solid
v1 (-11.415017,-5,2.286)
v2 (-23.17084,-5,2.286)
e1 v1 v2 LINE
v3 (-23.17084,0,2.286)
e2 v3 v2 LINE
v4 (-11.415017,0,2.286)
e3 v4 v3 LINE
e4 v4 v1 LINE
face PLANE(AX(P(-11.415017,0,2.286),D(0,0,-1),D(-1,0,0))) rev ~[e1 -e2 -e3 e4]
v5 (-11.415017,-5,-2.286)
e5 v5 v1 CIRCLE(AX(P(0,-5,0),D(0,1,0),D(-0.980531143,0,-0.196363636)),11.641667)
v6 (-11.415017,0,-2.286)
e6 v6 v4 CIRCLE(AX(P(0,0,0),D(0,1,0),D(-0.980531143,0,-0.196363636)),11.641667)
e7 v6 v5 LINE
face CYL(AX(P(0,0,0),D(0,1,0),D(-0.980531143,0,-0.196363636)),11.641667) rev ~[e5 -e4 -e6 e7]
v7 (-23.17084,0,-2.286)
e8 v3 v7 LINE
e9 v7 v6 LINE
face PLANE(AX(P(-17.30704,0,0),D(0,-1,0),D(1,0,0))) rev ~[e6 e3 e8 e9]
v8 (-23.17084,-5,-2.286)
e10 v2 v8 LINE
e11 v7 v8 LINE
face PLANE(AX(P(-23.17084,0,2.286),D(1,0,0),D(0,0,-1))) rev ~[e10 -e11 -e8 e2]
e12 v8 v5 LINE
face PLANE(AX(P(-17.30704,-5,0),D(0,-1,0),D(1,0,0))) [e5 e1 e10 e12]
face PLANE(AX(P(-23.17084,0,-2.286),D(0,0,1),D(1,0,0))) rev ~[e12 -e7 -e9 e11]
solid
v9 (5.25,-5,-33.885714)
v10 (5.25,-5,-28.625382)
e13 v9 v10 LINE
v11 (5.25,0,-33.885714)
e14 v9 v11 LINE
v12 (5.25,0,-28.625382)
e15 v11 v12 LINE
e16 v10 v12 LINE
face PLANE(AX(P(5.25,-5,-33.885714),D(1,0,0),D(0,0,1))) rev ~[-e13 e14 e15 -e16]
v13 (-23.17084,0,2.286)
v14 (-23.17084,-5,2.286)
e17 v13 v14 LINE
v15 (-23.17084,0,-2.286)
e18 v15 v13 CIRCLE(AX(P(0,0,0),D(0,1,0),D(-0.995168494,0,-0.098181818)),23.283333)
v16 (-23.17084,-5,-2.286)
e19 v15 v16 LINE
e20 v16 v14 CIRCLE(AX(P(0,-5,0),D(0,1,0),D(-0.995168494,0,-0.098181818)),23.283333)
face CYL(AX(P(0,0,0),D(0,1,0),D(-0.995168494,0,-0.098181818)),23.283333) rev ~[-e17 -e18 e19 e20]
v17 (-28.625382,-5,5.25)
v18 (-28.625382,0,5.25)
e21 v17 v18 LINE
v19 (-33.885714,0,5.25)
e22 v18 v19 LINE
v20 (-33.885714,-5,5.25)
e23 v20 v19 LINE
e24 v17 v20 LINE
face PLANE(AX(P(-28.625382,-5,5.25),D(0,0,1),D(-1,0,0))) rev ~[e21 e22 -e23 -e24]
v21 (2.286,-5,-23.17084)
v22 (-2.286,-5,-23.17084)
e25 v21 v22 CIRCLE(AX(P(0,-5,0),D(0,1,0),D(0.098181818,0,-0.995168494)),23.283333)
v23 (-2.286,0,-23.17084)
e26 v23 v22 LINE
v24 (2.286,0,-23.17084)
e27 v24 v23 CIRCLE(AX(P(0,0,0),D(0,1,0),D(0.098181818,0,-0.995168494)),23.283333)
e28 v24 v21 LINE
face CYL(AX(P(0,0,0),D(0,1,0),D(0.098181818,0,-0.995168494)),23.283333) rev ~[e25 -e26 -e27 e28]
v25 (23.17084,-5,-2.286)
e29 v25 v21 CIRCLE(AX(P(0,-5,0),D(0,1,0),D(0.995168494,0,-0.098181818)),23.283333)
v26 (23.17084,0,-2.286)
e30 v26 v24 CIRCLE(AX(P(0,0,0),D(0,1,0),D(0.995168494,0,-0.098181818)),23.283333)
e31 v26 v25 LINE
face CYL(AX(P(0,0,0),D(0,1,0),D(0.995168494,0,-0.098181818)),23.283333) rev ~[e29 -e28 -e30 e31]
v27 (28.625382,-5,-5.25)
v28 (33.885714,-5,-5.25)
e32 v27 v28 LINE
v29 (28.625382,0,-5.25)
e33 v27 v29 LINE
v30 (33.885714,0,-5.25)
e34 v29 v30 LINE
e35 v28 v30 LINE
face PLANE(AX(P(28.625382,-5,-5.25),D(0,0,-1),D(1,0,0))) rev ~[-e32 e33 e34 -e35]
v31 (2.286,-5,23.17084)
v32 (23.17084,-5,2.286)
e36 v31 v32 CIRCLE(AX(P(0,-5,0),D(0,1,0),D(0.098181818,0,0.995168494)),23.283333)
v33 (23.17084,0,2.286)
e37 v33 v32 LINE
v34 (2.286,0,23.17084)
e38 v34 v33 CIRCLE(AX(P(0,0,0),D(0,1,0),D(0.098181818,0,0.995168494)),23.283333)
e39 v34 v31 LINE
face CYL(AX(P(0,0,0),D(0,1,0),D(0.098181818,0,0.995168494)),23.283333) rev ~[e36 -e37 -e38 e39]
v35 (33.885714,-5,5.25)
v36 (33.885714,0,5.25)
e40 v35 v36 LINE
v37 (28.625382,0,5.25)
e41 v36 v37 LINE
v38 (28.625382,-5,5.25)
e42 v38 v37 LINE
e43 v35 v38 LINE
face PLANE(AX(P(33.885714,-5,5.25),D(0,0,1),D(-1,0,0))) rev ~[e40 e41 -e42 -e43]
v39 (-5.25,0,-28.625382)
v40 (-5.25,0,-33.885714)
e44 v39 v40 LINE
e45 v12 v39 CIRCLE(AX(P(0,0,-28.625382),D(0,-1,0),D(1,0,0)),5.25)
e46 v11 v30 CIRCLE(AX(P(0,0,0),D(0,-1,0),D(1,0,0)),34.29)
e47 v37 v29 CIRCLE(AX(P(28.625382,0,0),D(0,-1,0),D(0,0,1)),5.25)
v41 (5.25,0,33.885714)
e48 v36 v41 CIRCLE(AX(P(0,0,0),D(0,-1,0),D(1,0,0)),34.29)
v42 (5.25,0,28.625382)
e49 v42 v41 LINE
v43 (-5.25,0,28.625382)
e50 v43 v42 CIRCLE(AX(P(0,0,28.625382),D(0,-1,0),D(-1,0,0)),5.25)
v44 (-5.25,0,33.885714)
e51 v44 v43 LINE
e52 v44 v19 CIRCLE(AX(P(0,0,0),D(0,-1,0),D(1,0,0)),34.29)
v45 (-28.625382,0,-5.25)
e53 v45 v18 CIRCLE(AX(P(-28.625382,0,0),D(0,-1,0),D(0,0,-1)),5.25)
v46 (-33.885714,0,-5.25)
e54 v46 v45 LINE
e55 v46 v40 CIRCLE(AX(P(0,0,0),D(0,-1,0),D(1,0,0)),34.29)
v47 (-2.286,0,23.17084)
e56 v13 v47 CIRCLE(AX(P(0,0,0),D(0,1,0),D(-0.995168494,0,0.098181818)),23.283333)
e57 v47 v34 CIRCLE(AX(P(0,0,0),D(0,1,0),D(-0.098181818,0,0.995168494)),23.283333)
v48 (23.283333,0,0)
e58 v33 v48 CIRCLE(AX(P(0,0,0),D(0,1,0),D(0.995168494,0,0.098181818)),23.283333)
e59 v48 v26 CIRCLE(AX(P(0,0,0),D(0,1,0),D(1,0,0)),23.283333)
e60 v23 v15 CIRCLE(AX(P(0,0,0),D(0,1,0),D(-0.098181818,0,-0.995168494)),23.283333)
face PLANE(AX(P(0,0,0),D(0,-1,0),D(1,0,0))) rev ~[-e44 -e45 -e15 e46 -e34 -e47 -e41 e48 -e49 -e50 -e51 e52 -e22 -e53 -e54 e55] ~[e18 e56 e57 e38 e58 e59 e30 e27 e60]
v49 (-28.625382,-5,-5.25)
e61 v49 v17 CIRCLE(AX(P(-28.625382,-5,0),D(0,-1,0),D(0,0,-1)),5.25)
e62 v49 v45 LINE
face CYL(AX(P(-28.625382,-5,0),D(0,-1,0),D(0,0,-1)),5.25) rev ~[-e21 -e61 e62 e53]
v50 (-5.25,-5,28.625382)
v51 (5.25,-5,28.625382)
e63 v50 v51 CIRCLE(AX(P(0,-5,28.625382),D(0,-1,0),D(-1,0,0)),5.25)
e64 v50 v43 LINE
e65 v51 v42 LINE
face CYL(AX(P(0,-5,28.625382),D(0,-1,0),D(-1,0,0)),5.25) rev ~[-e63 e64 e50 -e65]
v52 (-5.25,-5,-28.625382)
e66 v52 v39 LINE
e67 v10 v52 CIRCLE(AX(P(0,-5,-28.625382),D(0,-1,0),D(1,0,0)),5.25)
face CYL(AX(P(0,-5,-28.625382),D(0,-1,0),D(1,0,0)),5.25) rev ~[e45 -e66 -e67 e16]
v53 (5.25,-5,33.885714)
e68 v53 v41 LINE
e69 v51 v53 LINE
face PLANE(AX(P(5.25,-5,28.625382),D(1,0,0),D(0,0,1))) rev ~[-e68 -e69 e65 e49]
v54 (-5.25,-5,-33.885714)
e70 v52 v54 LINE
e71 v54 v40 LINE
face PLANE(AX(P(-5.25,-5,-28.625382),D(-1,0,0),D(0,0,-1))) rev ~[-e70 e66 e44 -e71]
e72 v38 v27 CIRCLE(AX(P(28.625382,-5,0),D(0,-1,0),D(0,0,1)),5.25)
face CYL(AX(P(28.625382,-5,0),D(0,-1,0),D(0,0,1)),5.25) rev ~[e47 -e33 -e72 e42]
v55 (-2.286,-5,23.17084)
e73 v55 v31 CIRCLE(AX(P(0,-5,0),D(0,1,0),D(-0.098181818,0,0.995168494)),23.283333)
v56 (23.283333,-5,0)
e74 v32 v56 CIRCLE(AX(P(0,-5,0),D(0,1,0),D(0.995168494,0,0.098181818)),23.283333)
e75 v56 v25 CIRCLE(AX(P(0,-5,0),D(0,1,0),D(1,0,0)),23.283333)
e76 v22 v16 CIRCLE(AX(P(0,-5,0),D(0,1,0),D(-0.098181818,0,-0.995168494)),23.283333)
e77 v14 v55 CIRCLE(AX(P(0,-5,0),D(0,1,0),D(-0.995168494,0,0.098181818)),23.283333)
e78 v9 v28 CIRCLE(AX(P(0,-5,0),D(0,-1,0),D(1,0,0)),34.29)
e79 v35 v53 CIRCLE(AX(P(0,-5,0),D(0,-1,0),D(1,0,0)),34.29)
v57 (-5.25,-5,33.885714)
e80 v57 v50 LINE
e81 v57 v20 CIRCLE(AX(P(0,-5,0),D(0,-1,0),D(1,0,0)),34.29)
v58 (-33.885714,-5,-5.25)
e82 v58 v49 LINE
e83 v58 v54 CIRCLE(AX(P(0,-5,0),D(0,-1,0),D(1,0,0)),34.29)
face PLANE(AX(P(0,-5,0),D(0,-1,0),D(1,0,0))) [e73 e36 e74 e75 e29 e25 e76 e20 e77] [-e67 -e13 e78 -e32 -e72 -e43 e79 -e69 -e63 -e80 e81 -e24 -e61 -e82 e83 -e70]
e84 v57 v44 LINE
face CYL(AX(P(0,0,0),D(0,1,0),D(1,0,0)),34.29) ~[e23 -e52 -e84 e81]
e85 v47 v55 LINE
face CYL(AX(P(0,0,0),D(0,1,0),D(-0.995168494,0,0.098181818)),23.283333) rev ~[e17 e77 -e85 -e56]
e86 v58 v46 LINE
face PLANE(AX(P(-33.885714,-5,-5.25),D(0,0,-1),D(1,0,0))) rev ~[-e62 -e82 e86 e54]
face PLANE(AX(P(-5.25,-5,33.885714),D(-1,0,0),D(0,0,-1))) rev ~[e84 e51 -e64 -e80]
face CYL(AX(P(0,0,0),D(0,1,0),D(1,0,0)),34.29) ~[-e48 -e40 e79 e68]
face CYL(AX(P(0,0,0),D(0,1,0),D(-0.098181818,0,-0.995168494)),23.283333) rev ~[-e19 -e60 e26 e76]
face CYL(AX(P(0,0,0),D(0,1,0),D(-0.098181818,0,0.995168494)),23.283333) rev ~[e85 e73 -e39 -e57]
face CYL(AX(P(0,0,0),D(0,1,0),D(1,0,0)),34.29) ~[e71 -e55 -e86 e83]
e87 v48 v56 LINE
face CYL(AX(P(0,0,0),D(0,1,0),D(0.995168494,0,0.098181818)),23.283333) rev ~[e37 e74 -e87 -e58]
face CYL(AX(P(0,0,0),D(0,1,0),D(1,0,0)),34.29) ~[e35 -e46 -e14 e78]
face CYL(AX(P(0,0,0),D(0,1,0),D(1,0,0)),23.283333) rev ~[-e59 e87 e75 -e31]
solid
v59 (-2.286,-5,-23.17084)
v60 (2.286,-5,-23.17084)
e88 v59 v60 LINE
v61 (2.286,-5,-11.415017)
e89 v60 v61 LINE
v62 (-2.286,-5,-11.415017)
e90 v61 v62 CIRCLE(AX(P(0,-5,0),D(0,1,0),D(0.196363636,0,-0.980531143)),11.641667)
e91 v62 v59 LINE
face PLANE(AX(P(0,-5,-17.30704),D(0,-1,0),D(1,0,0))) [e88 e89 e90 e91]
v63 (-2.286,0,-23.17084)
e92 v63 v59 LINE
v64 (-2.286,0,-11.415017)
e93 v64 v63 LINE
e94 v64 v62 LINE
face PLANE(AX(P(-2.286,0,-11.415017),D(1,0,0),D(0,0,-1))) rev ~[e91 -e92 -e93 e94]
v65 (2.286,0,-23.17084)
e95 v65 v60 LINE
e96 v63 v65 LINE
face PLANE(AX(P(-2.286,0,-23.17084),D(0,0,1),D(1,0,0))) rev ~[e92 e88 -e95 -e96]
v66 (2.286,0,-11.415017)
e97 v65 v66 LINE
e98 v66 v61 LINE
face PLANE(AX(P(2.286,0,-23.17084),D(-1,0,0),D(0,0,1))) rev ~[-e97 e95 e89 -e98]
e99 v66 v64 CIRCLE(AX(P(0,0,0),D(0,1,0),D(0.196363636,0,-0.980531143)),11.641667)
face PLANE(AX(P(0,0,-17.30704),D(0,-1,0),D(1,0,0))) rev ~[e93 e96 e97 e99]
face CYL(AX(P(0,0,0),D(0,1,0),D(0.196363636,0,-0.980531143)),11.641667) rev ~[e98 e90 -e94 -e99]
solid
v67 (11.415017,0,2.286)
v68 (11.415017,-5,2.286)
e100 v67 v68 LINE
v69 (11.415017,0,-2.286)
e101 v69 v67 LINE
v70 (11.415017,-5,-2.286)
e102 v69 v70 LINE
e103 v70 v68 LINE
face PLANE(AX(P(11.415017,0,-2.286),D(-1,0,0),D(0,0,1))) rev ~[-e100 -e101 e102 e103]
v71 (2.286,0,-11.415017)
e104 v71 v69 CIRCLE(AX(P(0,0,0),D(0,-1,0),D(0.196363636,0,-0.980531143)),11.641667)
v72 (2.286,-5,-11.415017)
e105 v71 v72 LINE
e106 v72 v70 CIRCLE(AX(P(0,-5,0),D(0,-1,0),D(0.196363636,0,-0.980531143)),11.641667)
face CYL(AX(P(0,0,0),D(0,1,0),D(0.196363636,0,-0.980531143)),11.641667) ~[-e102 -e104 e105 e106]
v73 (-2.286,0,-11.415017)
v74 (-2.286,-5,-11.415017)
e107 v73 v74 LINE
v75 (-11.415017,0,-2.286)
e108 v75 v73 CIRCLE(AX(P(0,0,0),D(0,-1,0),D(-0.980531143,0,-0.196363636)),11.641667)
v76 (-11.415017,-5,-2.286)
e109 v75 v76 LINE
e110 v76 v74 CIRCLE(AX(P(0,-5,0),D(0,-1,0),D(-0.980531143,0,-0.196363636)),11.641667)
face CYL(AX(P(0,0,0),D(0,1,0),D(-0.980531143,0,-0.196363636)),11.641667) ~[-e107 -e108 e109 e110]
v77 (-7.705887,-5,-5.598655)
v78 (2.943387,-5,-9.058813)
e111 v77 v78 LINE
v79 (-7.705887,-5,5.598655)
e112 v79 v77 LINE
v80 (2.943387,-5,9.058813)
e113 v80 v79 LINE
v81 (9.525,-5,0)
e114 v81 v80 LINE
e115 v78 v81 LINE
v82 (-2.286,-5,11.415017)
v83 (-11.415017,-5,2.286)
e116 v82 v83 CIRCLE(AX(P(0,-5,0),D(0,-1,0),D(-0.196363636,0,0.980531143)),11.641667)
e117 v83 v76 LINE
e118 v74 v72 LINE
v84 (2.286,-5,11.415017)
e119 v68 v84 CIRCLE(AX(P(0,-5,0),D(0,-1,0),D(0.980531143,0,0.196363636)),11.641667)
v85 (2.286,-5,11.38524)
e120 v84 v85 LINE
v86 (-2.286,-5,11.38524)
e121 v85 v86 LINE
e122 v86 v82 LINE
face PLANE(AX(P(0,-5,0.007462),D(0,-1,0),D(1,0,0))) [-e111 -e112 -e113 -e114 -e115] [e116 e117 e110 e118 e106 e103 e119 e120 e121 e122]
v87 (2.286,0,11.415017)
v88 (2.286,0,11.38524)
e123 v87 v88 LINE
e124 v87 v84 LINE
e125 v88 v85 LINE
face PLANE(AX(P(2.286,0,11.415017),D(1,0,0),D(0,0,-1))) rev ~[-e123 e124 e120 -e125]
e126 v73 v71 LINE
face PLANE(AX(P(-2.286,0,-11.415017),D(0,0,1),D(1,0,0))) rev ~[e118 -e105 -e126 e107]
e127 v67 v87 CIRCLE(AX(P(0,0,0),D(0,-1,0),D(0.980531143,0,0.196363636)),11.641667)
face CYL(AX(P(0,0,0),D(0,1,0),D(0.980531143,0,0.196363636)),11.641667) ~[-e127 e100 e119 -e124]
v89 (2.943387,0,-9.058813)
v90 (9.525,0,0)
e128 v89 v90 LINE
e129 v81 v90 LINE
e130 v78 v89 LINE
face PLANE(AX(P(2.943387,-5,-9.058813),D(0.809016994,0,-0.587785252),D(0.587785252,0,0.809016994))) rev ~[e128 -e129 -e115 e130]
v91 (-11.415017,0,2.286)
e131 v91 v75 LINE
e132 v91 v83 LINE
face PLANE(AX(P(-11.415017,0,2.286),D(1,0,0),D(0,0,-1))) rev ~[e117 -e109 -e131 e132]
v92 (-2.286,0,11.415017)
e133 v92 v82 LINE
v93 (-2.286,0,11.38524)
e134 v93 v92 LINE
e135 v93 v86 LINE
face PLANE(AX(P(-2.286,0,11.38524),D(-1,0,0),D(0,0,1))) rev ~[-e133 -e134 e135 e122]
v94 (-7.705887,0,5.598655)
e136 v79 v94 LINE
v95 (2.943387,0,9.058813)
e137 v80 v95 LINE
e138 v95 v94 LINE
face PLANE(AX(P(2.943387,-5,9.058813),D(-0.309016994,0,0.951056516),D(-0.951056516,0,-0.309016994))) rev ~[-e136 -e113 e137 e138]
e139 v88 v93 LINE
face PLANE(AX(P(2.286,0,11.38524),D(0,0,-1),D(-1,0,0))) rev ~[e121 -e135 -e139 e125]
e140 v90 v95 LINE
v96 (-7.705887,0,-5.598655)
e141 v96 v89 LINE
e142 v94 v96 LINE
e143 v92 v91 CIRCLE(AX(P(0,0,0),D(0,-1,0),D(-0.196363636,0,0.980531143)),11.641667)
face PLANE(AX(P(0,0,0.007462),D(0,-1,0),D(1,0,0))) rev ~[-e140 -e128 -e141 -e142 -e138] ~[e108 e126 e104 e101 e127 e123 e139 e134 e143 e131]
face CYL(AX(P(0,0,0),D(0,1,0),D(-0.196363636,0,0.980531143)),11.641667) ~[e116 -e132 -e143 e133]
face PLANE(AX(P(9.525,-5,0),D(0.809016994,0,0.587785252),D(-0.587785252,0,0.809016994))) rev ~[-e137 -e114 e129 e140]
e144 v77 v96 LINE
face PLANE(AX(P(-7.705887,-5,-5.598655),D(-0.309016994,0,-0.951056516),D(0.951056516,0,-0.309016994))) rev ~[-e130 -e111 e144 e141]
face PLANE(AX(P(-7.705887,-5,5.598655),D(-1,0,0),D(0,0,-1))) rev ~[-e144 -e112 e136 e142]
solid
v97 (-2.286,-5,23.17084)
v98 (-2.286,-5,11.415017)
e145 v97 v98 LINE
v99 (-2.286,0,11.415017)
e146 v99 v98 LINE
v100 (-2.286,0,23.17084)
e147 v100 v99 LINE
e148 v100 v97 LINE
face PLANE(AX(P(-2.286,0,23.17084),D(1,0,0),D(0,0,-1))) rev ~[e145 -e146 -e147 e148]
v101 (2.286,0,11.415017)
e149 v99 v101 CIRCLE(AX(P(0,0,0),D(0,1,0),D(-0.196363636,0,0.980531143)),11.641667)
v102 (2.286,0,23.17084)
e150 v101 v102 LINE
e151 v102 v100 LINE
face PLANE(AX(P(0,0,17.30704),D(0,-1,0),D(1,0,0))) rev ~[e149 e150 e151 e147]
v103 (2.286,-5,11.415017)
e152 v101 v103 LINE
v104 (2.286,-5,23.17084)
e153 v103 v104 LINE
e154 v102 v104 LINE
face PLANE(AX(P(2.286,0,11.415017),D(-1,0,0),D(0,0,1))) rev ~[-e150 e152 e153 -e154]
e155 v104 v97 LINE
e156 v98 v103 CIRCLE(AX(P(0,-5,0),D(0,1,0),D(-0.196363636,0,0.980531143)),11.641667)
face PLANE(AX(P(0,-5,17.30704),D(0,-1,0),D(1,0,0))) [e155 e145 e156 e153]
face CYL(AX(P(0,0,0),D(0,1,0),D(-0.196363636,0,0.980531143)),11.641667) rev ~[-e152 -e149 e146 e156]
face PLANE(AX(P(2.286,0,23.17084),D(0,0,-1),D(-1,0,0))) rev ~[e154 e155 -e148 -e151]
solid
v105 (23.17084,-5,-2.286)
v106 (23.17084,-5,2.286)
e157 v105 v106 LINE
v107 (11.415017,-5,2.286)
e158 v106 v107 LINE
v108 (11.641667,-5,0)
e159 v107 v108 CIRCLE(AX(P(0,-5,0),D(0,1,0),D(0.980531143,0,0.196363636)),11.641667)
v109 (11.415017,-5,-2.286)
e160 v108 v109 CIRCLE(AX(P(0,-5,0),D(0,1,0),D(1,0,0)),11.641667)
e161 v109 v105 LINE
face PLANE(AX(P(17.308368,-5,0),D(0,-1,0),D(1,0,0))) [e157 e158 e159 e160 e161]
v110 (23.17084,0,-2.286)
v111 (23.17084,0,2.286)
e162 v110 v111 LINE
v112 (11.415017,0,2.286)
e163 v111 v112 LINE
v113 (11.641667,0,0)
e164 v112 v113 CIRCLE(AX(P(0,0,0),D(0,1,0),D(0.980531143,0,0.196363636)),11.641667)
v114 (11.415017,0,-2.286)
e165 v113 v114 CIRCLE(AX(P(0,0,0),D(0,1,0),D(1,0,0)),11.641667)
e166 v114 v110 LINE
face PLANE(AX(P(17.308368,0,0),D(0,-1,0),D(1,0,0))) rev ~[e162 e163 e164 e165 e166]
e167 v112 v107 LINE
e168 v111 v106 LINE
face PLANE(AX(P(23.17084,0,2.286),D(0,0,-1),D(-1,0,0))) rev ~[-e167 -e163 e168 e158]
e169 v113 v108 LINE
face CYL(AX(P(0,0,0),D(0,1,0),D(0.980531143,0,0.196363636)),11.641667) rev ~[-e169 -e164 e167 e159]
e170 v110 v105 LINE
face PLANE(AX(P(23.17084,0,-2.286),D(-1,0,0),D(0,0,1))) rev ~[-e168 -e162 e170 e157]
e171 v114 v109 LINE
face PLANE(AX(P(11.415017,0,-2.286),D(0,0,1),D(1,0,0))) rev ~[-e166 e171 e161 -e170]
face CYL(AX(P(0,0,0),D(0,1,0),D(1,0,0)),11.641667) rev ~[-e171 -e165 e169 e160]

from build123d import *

# Parameters (mm, degrees)
F1_DEPTH = 5
F0_R     = 34.29
F3_DEPTH = 5.001
F5_DEPTH = 5.001


with BuildPart() as f1:
    # F0 (on Front) → F1 (new body)
    with BuildSketch(Plane.XZ):
        with BuildLine():
            ThreePointArc((-11.4150167226, -2.286), (-11.6416666667, 0), (-11.4150167226, 2.286))
            Line((-11.4150167226, 2.286), (-23.1708397584, 2.286))
            Line((-23.1708397584, 2.286), (-23.1708397584, -2.286))
            Line((-23.1708397584, -2.286), (-11.4150167226, -2.286))
        make_face()
    extrude(amount=F1_DEPTH)


with BuildPart() as f1b:
    # F0 (on Front) → F1, piece 2 (new body)
    with BuildSketch(Plane.XZ):
        with BuildLine():
            Line((11.4150167226, -2.286), (11.4150167226, 2.286))
            ThreePointArc((11.4150167226, 2.286), (8.2319014443, 8.2319014443), (2.286, 11.4150167226))
            Line((2.286, 11.4150167226), (2.286, 11.3852397584))
            Line((2.286, 11.3852397584), (-2.286, 11.3852397584))
            Line((-2.286, 11.3852397584), (-2.286, 11.4150167226))
            ThreePointArc((-2.286, 11.4150167226), (-8.2319014443, 8.2319014443), (-11.4150167226, 2.286))
            Line((-11.4150167226, 2.286), (-11.4150167226, -2.286))
            ThreePointArc((-11.4150167226, -2.286), (-8.2319014443, -8.2319014443), (-2.286, -11.4150167226))
            Line((-2.286, -11.4150167226), (2.286, -11.4150167226))
            ThreePointArc((2.286, -11.4150167226), (8.2319014443, -8.2319014443), (11.4150167226, -2.286))
        make_face()
    extrude(amount=F1_DEPTH)

    # F4 (on face) → F5 (cut, through all)
    with BuildSketch(Plane.XZ.offset(5)):
        Polygon((2.9433868714, -9.0588133177), (9.525, 0), (2.9433868714, 9.0588133177), (-7.7058868714, 5.5986545281), (-7.7058868714, -5.5986545281), align=None)
    extrude(amount=-F5_DEPTH, mode=Mode.SUBTRACT)


with BuildPart() as f1c:
    # F0 (on Front) → F1, piece 3 (new body)
    with BuildSketch(Plane.XZ):
        with BuildLine():
            ThreePointArc((-2.286, 11.4150167226), (0, 11.6416666667), (2.286, 11.4150167226))
            Line((2.286, 11.4150167226), (2.286, 23.1708397584))
            Line((2.286, 23.1708397584), (-2.286, 23.1708397584))
            Line((-2.286, 23.1708397584), (-2.286, 11.4150167226))
        make_face()
    extrude(amount=F1_DEPTH)


with BuildPart() as f1d:
    # F0 (on Front) → F1, piece 4 (new body)
    with BuildSketch(Plane.XZ):
        with BuildLine():
            ThreePointArc((11.4150167226, 2.286), (11.5848656112, 1.1486041743), (11.6416666667, 0))
            ThreePointArc((11.6416666667, 0), (11.5848656112, -1.1486041743), (11.4150167226, -2.286))
            Line((11.4150167226, -2.286), (23.1708397584, -2.286))
            Line((23.1708397584, -2.286), (23.1708397584, 2.286))
            Line((23.1708397584, 2.286), (11.4150167226, 2.286))
        make_face()
    extrude(amount=F1_DEPTH)


with BuildPart() as f1e:
    # F0 (on Front) → F1, piece 5 (new body)
    with BuildSketch(Plane.XZ):
        with BuildLine():
            Line((2.286, -23.1708397584), (2.286, -11.4150167226))
            ThreePointArc((2.286, -11.4150167226), (0, -11.6416666667), (-2.286, -11.4150167226))
            Line((-2.286, -11.4150167226), (-2.286, -23.1708397584))
            Line((-2.286, -23.1708397584), (2.286, -23.1708397584))
        make_face()
    extrude(amount=F1_DEPTH)


with BuildPart() as f1f:
    # F0 (on Front) → F1, piece 6 (new body)
    with BuildSketch(Plane.XZ):
        Circle(F0_R)
        with BuildLine():
            ThreePointArc((2.286, 23.1708397584), (16.4638028886, 16.4638028886), (23.1708397584, 2.286))
            ThreePointArc((23.1708397584, 2.286), (23.2551929343, 1.1443831094), (23.2833333333, 0))
            ThreePointArc((23.2833333333, 0), (23.2551929343, -1.1443831094), (23.1708397584, -2.286))
            ThreePointArc((23.1708397584, -2.286), (16.4638028886, -16.4638028886), (2.286, -23.1708397584))
            ThreePointArc((2.286, -23.1708397584), (0, -23.2833333333), (-2.286, -23.1708397584))
            ThreePointArc((-2.286, -23.1708397584), (-16.4638028886, -16.4638028886), (-23.1708397584, -2.286))
            ThreePointArc((-23.1708397584, -2.286), (-23.2833333333, 0), (-23.1708397584, 2.286))
            ThreePointArc((-23.1708397584, 2.286), (-16.4638028886, 16.4638028886), (-2.286, 23.1708397584))
            ThreePointArc((-2.286, 23.1708397584), (0, 23.2833333333), (2.286, 23.1708397584))
        make_face(mode=Mode.SUBTRACT)
    extrude(amount=F1_DEPTH)

    # F2 (on face) → F3 (cut, through all)
    with BuildSketch(Plane.XZ.offset(5)):
        with BuildLine():
            Line((28.6253821723, -5.25), (33.8857138039, -5.25))
            ThreePointArc((33.8857138039, -5.25), (34.1887790535, -2.6327717015), (34.29, 0))
            ThreePointArc((34.29, 0), (34.1887790535, 2.6327717015), (33.8857138039, 5.25))
            Line((33.8857138039, 5.25), (28.6253821723, 5.25))
            ThreePointArc((28.6253821723, 5.25), (23.3753821723, 0), (28.6253821723, -5.25))
        make_face()
        with BuildLine():
            Line((5.25, -33.8857138039), (5.25, -28.6253821723))
            ThreePointArc((5.25, -28.6253821723), (0, -23.3753821723), (-5.25, -28.6253821723))
            Line((-5.25, -28.6253821723), (-5.25, -33.8857138039))
            ThreePointArc((-5.25, -33.8857138039), (0, -34.29), (5.25, -33.8857138039))
        make_face()
        with BuildLine():
            ThreePointArc((-33.8857138039, 5.25), (-34.29, 0), (-33.8857138039, -5.25))
            Line((-33.8857138039, -5.25), (-28.6253821723, -5.25))
            ThreePointArc((-28.6253821723, -5.25), (-23.3753821723, 0), (-28.6253821723, 5.25))
            Line((-28.6253821723, 5.25), (-33.8857138039, 5.25))
        make_face()
        with BuildLine():
            ThreePointArc((5.25, 33.8857138039), (0, 34.29), (-5.25, 33.8857138039))
            Line((-5.25, 33.8857138039), (-5.25, 28.6253821723))
            ThreePointArc((-5.25, 28.6253821723), (0, 23.3753821723), (5.25, 28.6253821723))
            Line((5.25, 28.6253821723), (5.25, 33.8857138039))
        make_face()
    extrude(amount=-F3_DEPTH, mode=Mode.SUBTRACT)


solid = Compound([f1.part, f1b.part, f1c.part, f1d.part, f1e.part, f1f.part])
